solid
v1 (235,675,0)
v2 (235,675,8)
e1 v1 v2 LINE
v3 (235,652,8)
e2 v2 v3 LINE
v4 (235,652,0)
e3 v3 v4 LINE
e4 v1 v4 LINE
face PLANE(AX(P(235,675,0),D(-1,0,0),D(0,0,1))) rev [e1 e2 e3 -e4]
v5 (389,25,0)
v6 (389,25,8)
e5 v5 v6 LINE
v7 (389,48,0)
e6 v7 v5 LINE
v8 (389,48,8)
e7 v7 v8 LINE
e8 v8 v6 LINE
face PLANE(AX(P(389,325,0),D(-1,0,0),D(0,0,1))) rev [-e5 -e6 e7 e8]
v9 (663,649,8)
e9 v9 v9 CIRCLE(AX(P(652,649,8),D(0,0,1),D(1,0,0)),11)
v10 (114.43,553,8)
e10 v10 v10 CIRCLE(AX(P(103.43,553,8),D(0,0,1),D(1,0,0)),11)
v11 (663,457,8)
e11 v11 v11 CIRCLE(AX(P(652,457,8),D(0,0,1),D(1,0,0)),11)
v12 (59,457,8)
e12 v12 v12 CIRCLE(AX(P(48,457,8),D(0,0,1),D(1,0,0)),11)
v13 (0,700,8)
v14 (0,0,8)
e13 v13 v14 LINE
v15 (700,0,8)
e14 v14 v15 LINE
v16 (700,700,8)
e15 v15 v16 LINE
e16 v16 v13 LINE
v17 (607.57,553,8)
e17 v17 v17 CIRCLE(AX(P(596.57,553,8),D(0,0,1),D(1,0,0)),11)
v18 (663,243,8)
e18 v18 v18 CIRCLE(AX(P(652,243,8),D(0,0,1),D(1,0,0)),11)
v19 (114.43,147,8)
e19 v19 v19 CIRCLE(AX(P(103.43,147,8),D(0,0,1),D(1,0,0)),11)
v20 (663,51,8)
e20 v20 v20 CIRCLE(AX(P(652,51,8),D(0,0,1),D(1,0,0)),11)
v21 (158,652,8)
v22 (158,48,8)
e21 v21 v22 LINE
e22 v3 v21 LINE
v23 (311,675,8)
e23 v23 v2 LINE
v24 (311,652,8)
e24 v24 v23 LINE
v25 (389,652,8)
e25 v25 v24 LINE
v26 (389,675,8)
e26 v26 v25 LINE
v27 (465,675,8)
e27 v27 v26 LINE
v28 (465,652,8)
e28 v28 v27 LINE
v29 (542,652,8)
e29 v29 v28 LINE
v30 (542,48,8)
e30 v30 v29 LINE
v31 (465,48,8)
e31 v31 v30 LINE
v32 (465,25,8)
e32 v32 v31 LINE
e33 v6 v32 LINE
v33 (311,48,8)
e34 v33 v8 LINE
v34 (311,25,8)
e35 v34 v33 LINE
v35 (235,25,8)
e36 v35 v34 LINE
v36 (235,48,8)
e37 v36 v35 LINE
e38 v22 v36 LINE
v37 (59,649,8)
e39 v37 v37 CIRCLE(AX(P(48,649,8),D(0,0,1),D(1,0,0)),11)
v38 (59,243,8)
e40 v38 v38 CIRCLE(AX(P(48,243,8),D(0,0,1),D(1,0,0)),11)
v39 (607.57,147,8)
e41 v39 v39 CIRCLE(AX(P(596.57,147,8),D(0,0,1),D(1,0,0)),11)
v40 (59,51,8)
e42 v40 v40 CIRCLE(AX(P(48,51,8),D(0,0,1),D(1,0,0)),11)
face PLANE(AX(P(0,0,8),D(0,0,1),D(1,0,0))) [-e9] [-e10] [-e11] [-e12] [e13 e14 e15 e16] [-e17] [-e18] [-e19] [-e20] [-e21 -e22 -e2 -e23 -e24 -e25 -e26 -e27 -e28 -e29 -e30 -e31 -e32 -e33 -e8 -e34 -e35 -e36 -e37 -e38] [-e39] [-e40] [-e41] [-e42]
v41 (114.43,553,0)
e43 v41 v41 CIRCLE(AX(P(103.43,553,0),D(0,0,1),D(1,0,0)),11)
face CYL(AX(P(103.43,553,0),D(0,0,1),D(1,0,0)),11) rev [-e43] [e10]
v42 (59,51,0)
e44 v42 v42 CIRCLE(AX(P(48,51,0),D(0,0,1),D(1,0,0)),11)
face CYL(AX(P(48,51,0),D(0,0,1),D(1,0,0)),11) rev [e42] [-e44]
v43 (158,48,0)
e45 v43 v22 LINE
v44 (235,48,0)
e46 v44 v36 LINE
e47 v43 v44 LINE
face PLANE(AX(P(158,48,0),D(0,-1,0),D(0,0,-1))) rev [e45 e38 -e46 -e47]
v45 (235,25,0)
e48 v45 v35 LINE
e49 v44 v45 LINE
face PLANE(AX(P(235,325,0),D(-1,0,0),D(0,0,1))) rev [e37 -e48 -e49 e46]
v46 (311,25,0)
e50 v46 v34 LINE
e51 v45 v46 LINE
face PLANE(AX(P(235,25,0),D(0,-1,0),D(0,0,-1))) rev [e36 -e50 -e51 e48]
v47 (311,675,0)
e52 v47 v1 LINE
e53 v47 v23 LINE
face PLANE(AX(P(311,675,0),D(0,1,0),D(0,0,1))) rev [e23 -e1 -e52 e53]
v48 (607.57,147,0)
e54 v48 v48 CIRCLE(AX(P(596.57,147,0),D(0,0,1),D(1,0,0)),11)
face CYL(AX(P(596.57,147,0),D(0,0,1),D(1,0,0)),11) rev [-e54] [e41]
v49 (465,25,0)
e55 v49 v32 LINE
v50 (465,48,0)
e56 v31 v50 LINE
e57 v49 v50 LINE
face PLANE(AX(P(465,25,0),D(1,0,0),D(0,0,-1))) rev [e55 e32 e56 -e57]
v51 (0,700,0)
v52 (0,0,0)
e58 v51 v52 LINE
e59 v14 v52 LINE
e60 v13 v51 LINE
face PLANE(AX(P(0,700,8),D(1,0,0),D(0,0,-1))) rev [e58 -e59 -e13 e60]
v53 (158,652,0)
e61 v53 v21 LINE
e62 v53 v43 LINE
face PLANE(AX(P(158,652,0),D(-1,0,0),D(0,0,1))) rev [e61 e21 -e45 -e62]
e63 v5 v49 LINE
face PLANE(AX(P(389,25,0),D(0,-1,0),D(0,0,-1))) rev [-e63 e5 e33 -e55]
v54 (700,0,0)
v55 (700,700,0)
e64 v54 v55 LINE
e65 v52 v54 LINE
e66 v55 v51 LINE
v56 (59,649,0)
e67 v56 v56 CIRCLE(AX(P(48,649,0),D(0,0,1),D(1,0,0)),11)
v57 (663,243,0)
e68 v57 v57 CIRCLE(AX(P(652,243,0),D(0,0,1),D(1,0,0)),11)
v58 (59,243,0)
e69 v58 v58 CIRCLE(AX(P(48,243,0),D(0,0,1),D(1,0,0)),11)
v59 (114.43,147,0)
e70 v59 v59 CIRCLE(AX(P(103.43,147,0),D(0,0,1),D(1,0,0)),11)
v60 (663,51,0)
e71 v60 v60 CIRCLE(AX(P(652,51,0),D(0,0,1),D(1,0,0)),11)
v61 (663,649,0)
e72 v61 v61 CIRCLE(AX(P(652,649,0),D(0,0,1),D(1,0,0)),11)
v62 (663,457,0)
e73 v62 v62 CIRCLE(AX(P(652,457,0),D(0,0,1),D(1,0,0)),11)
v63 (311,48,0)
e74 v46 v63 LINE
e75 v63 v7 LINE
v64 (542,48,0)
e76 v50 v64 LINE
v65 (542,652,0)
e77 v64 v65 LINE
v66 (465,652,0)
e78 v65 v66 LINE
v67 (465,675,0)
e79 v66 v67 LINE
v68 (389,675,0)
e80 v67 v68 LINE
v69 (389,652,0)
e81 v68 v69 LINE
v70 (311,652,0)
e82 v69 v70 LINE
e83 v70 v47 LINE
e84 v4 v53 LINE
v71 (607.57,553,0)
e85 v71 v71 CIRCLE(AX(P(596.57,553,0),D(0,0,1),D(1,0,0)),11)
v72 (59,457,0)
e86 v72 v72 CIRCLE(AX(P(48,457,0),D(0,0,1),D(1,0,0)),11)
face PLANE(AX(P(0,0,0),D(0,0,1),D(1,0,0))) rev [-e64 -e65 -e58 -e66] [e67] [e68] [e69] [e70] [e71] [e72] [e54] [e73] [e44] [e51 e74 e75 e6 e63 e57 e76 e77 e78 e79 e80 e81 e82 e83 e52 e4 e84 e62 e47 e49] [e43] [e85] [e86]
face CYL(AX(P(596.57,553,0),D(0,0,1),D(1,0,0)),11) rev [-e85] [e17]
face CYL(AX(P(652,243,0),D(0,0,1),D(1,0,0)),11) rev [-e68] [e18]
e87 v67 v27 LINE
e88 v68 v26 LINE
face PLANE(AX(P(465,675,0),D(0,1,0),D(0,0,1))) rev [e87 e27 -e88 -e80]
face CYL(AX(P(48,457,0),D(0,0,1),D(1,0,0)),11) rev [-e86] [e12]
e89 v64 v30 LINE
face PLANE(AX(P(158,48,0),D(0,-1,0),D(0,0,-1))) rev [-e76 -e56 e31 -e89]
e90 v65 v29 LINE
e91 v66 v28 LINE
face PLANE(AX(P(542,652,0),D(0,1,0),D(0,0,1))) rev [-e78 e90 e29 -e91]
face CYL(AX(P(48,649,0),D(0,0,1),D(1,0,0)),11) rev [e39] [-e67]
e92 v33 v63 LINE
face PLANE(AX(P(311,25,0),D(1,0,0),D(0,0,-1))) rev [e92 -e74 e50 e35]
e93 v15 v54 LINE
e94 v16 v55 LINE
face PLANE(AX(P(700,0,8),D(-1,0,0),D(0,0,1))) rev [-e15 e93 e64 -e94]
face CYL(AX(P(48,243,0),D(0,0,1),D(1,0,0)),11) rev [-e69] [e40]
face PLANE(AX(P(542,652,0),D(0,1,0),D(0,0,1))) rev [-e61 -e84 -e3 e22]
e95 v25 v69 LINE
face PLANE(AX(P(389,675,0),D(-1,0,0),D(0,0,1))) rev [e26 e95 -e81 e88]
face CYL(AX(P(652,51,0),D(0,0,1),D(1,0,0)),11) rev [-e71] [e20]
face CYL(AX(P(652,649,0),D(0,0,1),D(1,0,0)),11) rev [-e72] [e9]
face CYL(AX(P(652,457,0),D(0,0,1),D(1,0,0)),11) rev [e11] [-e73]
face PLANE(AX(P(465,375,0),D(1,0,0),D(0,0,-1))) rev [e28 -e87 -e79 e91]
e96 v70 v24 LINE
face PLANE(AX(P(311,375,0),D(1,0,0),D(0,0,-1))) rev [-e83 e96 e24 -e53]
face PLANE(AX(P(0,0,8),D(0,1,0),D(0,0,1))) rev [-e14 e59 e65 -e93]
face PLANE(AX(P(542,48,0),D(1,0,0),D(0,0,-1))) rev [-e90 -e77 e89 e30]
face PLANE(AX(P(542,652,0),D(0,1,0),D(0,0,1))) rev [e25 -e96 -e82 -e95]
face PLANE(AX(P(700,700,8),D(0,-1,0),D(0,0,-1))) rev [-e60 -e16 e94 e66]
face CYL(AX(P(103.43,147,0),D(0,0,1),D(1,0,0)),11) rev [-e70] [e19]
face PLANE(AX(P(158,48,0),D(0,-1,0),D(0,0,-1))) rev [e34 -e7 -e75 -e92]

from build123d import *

# Parameters (mm, degrees)
SKETCH_1_W                      = 700
SKETCH_1_H                      = 700
CONNECTION_PLATE_DEPTH          = 8
SKETCH_2_W                      = 76
SKETCH_2_H                      = 300
ACCESS_WINDOW_DEPTH             = 990.981818015
SKETCH_3_W                      = 76
SKETCH_3_H                      = 300
CUT_EXTRUDE_2_DEPTH             = 990.981818015
SKETCH_4_W                      = 76
SKETCH_4_H                      = 300
CUT_EXTRUDE_3_DEPTH             = 990.981818015
SKETCH_5_W                      = 76
SKETCH_5_H                      = 300
CUT_EXTRUDE_4_DEPTH             = 990.981818015
SKETCH_6_R                      = 11
SHAFT_CLEARANCE_DEPTH           = 990.981818015
SKETCH_7_R                      = 11
CUT_EXTRUDE_6_DEPTH             = 990.981818015
SKETCH_8_R                      = 11
CUT_EXTRUDE_7_DEPTH             = 990.981818015
SKETCH_9_R                      = 11
CUT_EXTRUDE_8_DEPTH             = 990.981818015
SKETCH_10_R                     = 11
CUT_EXTRUDE_9_DEPTH             = 990.981818015
SKETCH_11_R                     = 11
CUT_EXTRUDE_10_DEPTH            = 990.981818015
SKETCH_12_R                     = 11
CUT_EXTRUDE_11_DEPTH            = 990.981818015
SKETCH_13_R                     = 11
CUT_EXTRUDE_12_DEPTH            = 990.981818015
SKETCH_14_R                     = 11
CUT_EXTRUDE_13_DEPTH            = 990.981818015
SKETCH_15_R                     = 11
CUT_EXTRUDE_14_DEPTH            = 990.981818015
SKETCH_16_R                     = 11
CUT_EXTRUDE_15_DEPTH            = 990.981818015
SKETCH_17_R                     = 11
CUT_EXTRUDE_16_DEPTH            = 990.981818015
SKETCH_18_W                     = 384
SKETCH_18_H                     = 604
FLOAT_INSTALLATION_WINDOW_DEPTH = 990.981818015


with BuildPart() as part:
    # 草图1 → Connection_plate (new body)
    with BuildSketch(Plane.XY):
        with Locations((350, 350)):
            Rectangle(SKETCH_1_W, SKETCH_1_H)
    extrude(amount=CONNECTION_PLATE_DEPTH)

    # 草图2 → Access_window (cut, through all)
    with BuildSketch(Plane.XY.offset(8)):
        with Locations((273, 175)):
            Rectangle(SKETCH_2_W, SKETCH_2_H)
    extrude(amount=-ACCESS_WINDOW_DEPTH, mode=Mode.SUBTRACT)

    # 草图3 → 切除-拉伸2 (cut, through all)
    with BuildSketch(Plane.XY.offset(8)):
        with Locations((273, 525)):
            Rectangle(SKETCH_3_W, SKETCH_3_H)
    extrude(amount=-CUT_EXTRUDE_2_DEPTH, mode=Mode.SUBTRACT)

    # 草图4 → 切除-拉伸3 (cut, through all)
    with BuildSketch(Plane.XY.offset(8)):
        with Locations((427, 175)):
            Rectangle(SKETCH_4_W, SKETCH_4_H)
    extrude(amount=-CUT_EXTRUDE_3_DEPTH, mode=Mode.SUBTRACT)

    # 草图5 → 切除-拉伸4 (cut, through all)
    with BuildSketch(Plane.XY.offset(8)):
        with Locations((427, 525)):
            Rectangle(SKETCH_5_W, SKETCH_5_H)
    extrude(amount=-CUT_EXTRUDE_4_DEPTH, mode=Mode.SUBTRACT)

    # 草图6 → Shaft_clearance (cut, through all)
    with BuildSketch(Plane.XY.offset(8)):
        with Locations((48, 51)):
            Circle(SKETCH_6_R)
    extrude(amount=-SHAFT_CLEARANCE_DEPTH, mode=Mode.SUBTRACT)

    # 草图7 → 切除-拉伸6 (cut, through all)
    with BuildSketch(Plane.XY.offset(8)):
        with Locations((48, 243)):
            Circle(SKETCH_7_R)
    extrude(amount=-CUT_EXTRUDE_6_DEPTH, mode=Mode.SUBTRACT)

    # 草图8 → 切除-拉伸7 (cut, through all)
    with BuildSketch(Plane.XY.offset(8)):
        with Locations((48, 457)):
            Circle(SKETCH_8_R)
    extrude(amount=-CUT_EXTRUDE_7_DEPTH, mode=Mode.SUBTRACT)

    # 草图9 → 切除-拉伸8 (cut, through all)
    with BuildSketch(Plane.XY.offset(8)):
        with Locations((48, 649)):
            Circle(SKETCH_9_R)
    extrude(amount=-CUT_EXTRUDE_8_DEPTH, mode=Mode.SUBTRACT)

    # 草图10 → 切除-拉伸9 (cut, through all)
    with BuildSketch(Plane.XY.offset(8)):
        with Locations((103.43, 147)):
            Circle(SKETCH_10_R)
    extrude(amount=-CUT_EXTRUDE_9_DEPTH, mode=Mode.SUBTRACT)

    # 草图11 → 切除-拉伸10 (cut, through all)
    with BuildSketch(Plane.XY.offset(8)):
        with Locations((103.43, 553)):
            Circle(SKETCH_11_R)
    extrude(amount=-CUT_EXTRUDE_10_DEPTH, mode=Mode.SUBTRACT)

    # 草图12 → 切除-拉伸11 (cut, through all)
    with BuildSketch(Plane.XY.offset(8)):
        with Locations((652, 51)):
            Circle(SKETCH_12_R)
    extrude(amount=-CUT_EXTRUDE_11_DEPTH, mode=Mode.SUBTRACT)

    # 草图13 → 切除-拉伸12 (cut, through all)
    with BuildSketch(Plane.XY.offset(8)):
        with Locations((652, 243)):
            Circle(SKETCH_13_R)
    extrude(amount=-CUT_EXTRUDE_12_DEPTH, mode=Mode.SUBTRACT)

    # 草图14 → 切除-拉伸13 (cut, through all)
    with BuildSketch(Plane.XY.offset(8)):
        with Locations((652, 457)):
            Circle(SKETCH_14_R)
    extrude(amount=-CUT_EXTRUDE_13_DEPTH, mode=Mode.SUBTRACT)

    # 草图15 → 切除-拉伸14 (cut, through all)
    with BuildSketch(Plane.XY.offset(8)):
        with Locations((652, 649)):
            Circle(SKETCH_15_R)
    extrude(amount=-CUT_EXTRUDE_14_DEPTH, mode=Mode.SUBTRACT)

    # 草图16 → 切除-拉伸15 (cut, through all)
    with BuildSketch(Plane.XY.offset(8)):
        with Locations((596.57, 147)):
            Circle(SKETCH_16_R)
    extrude(amount=-CUT_EXTRUDE_15_DEPTH, mode=Mode.SUBTRACT)

    # 草图17 → 切除-拉伸16 (cut, through all)
    with BuildSketch(Plane.XY.offset(8)):
        with Locations((596.57, 553)):
            Circle(SKETCH_17_R)
    extrude(amount=-CUT_EXTRUDE_16_DEPTH, mode=Mode.SUBTRACT)

    # 草图18 → Float_installation_window (cut, through all)
    with BuildSketch(Plane.XY.offset(8)):
        with Locations((350, 350)):
            Rectangle(SKETCH_18_W, SKETCH_18_H)
    extrude(amount=-FLOAT_INSTALLATION_WINDOW_DEPTH, mode=Mode.SUBTRACT)


solid = part.part
